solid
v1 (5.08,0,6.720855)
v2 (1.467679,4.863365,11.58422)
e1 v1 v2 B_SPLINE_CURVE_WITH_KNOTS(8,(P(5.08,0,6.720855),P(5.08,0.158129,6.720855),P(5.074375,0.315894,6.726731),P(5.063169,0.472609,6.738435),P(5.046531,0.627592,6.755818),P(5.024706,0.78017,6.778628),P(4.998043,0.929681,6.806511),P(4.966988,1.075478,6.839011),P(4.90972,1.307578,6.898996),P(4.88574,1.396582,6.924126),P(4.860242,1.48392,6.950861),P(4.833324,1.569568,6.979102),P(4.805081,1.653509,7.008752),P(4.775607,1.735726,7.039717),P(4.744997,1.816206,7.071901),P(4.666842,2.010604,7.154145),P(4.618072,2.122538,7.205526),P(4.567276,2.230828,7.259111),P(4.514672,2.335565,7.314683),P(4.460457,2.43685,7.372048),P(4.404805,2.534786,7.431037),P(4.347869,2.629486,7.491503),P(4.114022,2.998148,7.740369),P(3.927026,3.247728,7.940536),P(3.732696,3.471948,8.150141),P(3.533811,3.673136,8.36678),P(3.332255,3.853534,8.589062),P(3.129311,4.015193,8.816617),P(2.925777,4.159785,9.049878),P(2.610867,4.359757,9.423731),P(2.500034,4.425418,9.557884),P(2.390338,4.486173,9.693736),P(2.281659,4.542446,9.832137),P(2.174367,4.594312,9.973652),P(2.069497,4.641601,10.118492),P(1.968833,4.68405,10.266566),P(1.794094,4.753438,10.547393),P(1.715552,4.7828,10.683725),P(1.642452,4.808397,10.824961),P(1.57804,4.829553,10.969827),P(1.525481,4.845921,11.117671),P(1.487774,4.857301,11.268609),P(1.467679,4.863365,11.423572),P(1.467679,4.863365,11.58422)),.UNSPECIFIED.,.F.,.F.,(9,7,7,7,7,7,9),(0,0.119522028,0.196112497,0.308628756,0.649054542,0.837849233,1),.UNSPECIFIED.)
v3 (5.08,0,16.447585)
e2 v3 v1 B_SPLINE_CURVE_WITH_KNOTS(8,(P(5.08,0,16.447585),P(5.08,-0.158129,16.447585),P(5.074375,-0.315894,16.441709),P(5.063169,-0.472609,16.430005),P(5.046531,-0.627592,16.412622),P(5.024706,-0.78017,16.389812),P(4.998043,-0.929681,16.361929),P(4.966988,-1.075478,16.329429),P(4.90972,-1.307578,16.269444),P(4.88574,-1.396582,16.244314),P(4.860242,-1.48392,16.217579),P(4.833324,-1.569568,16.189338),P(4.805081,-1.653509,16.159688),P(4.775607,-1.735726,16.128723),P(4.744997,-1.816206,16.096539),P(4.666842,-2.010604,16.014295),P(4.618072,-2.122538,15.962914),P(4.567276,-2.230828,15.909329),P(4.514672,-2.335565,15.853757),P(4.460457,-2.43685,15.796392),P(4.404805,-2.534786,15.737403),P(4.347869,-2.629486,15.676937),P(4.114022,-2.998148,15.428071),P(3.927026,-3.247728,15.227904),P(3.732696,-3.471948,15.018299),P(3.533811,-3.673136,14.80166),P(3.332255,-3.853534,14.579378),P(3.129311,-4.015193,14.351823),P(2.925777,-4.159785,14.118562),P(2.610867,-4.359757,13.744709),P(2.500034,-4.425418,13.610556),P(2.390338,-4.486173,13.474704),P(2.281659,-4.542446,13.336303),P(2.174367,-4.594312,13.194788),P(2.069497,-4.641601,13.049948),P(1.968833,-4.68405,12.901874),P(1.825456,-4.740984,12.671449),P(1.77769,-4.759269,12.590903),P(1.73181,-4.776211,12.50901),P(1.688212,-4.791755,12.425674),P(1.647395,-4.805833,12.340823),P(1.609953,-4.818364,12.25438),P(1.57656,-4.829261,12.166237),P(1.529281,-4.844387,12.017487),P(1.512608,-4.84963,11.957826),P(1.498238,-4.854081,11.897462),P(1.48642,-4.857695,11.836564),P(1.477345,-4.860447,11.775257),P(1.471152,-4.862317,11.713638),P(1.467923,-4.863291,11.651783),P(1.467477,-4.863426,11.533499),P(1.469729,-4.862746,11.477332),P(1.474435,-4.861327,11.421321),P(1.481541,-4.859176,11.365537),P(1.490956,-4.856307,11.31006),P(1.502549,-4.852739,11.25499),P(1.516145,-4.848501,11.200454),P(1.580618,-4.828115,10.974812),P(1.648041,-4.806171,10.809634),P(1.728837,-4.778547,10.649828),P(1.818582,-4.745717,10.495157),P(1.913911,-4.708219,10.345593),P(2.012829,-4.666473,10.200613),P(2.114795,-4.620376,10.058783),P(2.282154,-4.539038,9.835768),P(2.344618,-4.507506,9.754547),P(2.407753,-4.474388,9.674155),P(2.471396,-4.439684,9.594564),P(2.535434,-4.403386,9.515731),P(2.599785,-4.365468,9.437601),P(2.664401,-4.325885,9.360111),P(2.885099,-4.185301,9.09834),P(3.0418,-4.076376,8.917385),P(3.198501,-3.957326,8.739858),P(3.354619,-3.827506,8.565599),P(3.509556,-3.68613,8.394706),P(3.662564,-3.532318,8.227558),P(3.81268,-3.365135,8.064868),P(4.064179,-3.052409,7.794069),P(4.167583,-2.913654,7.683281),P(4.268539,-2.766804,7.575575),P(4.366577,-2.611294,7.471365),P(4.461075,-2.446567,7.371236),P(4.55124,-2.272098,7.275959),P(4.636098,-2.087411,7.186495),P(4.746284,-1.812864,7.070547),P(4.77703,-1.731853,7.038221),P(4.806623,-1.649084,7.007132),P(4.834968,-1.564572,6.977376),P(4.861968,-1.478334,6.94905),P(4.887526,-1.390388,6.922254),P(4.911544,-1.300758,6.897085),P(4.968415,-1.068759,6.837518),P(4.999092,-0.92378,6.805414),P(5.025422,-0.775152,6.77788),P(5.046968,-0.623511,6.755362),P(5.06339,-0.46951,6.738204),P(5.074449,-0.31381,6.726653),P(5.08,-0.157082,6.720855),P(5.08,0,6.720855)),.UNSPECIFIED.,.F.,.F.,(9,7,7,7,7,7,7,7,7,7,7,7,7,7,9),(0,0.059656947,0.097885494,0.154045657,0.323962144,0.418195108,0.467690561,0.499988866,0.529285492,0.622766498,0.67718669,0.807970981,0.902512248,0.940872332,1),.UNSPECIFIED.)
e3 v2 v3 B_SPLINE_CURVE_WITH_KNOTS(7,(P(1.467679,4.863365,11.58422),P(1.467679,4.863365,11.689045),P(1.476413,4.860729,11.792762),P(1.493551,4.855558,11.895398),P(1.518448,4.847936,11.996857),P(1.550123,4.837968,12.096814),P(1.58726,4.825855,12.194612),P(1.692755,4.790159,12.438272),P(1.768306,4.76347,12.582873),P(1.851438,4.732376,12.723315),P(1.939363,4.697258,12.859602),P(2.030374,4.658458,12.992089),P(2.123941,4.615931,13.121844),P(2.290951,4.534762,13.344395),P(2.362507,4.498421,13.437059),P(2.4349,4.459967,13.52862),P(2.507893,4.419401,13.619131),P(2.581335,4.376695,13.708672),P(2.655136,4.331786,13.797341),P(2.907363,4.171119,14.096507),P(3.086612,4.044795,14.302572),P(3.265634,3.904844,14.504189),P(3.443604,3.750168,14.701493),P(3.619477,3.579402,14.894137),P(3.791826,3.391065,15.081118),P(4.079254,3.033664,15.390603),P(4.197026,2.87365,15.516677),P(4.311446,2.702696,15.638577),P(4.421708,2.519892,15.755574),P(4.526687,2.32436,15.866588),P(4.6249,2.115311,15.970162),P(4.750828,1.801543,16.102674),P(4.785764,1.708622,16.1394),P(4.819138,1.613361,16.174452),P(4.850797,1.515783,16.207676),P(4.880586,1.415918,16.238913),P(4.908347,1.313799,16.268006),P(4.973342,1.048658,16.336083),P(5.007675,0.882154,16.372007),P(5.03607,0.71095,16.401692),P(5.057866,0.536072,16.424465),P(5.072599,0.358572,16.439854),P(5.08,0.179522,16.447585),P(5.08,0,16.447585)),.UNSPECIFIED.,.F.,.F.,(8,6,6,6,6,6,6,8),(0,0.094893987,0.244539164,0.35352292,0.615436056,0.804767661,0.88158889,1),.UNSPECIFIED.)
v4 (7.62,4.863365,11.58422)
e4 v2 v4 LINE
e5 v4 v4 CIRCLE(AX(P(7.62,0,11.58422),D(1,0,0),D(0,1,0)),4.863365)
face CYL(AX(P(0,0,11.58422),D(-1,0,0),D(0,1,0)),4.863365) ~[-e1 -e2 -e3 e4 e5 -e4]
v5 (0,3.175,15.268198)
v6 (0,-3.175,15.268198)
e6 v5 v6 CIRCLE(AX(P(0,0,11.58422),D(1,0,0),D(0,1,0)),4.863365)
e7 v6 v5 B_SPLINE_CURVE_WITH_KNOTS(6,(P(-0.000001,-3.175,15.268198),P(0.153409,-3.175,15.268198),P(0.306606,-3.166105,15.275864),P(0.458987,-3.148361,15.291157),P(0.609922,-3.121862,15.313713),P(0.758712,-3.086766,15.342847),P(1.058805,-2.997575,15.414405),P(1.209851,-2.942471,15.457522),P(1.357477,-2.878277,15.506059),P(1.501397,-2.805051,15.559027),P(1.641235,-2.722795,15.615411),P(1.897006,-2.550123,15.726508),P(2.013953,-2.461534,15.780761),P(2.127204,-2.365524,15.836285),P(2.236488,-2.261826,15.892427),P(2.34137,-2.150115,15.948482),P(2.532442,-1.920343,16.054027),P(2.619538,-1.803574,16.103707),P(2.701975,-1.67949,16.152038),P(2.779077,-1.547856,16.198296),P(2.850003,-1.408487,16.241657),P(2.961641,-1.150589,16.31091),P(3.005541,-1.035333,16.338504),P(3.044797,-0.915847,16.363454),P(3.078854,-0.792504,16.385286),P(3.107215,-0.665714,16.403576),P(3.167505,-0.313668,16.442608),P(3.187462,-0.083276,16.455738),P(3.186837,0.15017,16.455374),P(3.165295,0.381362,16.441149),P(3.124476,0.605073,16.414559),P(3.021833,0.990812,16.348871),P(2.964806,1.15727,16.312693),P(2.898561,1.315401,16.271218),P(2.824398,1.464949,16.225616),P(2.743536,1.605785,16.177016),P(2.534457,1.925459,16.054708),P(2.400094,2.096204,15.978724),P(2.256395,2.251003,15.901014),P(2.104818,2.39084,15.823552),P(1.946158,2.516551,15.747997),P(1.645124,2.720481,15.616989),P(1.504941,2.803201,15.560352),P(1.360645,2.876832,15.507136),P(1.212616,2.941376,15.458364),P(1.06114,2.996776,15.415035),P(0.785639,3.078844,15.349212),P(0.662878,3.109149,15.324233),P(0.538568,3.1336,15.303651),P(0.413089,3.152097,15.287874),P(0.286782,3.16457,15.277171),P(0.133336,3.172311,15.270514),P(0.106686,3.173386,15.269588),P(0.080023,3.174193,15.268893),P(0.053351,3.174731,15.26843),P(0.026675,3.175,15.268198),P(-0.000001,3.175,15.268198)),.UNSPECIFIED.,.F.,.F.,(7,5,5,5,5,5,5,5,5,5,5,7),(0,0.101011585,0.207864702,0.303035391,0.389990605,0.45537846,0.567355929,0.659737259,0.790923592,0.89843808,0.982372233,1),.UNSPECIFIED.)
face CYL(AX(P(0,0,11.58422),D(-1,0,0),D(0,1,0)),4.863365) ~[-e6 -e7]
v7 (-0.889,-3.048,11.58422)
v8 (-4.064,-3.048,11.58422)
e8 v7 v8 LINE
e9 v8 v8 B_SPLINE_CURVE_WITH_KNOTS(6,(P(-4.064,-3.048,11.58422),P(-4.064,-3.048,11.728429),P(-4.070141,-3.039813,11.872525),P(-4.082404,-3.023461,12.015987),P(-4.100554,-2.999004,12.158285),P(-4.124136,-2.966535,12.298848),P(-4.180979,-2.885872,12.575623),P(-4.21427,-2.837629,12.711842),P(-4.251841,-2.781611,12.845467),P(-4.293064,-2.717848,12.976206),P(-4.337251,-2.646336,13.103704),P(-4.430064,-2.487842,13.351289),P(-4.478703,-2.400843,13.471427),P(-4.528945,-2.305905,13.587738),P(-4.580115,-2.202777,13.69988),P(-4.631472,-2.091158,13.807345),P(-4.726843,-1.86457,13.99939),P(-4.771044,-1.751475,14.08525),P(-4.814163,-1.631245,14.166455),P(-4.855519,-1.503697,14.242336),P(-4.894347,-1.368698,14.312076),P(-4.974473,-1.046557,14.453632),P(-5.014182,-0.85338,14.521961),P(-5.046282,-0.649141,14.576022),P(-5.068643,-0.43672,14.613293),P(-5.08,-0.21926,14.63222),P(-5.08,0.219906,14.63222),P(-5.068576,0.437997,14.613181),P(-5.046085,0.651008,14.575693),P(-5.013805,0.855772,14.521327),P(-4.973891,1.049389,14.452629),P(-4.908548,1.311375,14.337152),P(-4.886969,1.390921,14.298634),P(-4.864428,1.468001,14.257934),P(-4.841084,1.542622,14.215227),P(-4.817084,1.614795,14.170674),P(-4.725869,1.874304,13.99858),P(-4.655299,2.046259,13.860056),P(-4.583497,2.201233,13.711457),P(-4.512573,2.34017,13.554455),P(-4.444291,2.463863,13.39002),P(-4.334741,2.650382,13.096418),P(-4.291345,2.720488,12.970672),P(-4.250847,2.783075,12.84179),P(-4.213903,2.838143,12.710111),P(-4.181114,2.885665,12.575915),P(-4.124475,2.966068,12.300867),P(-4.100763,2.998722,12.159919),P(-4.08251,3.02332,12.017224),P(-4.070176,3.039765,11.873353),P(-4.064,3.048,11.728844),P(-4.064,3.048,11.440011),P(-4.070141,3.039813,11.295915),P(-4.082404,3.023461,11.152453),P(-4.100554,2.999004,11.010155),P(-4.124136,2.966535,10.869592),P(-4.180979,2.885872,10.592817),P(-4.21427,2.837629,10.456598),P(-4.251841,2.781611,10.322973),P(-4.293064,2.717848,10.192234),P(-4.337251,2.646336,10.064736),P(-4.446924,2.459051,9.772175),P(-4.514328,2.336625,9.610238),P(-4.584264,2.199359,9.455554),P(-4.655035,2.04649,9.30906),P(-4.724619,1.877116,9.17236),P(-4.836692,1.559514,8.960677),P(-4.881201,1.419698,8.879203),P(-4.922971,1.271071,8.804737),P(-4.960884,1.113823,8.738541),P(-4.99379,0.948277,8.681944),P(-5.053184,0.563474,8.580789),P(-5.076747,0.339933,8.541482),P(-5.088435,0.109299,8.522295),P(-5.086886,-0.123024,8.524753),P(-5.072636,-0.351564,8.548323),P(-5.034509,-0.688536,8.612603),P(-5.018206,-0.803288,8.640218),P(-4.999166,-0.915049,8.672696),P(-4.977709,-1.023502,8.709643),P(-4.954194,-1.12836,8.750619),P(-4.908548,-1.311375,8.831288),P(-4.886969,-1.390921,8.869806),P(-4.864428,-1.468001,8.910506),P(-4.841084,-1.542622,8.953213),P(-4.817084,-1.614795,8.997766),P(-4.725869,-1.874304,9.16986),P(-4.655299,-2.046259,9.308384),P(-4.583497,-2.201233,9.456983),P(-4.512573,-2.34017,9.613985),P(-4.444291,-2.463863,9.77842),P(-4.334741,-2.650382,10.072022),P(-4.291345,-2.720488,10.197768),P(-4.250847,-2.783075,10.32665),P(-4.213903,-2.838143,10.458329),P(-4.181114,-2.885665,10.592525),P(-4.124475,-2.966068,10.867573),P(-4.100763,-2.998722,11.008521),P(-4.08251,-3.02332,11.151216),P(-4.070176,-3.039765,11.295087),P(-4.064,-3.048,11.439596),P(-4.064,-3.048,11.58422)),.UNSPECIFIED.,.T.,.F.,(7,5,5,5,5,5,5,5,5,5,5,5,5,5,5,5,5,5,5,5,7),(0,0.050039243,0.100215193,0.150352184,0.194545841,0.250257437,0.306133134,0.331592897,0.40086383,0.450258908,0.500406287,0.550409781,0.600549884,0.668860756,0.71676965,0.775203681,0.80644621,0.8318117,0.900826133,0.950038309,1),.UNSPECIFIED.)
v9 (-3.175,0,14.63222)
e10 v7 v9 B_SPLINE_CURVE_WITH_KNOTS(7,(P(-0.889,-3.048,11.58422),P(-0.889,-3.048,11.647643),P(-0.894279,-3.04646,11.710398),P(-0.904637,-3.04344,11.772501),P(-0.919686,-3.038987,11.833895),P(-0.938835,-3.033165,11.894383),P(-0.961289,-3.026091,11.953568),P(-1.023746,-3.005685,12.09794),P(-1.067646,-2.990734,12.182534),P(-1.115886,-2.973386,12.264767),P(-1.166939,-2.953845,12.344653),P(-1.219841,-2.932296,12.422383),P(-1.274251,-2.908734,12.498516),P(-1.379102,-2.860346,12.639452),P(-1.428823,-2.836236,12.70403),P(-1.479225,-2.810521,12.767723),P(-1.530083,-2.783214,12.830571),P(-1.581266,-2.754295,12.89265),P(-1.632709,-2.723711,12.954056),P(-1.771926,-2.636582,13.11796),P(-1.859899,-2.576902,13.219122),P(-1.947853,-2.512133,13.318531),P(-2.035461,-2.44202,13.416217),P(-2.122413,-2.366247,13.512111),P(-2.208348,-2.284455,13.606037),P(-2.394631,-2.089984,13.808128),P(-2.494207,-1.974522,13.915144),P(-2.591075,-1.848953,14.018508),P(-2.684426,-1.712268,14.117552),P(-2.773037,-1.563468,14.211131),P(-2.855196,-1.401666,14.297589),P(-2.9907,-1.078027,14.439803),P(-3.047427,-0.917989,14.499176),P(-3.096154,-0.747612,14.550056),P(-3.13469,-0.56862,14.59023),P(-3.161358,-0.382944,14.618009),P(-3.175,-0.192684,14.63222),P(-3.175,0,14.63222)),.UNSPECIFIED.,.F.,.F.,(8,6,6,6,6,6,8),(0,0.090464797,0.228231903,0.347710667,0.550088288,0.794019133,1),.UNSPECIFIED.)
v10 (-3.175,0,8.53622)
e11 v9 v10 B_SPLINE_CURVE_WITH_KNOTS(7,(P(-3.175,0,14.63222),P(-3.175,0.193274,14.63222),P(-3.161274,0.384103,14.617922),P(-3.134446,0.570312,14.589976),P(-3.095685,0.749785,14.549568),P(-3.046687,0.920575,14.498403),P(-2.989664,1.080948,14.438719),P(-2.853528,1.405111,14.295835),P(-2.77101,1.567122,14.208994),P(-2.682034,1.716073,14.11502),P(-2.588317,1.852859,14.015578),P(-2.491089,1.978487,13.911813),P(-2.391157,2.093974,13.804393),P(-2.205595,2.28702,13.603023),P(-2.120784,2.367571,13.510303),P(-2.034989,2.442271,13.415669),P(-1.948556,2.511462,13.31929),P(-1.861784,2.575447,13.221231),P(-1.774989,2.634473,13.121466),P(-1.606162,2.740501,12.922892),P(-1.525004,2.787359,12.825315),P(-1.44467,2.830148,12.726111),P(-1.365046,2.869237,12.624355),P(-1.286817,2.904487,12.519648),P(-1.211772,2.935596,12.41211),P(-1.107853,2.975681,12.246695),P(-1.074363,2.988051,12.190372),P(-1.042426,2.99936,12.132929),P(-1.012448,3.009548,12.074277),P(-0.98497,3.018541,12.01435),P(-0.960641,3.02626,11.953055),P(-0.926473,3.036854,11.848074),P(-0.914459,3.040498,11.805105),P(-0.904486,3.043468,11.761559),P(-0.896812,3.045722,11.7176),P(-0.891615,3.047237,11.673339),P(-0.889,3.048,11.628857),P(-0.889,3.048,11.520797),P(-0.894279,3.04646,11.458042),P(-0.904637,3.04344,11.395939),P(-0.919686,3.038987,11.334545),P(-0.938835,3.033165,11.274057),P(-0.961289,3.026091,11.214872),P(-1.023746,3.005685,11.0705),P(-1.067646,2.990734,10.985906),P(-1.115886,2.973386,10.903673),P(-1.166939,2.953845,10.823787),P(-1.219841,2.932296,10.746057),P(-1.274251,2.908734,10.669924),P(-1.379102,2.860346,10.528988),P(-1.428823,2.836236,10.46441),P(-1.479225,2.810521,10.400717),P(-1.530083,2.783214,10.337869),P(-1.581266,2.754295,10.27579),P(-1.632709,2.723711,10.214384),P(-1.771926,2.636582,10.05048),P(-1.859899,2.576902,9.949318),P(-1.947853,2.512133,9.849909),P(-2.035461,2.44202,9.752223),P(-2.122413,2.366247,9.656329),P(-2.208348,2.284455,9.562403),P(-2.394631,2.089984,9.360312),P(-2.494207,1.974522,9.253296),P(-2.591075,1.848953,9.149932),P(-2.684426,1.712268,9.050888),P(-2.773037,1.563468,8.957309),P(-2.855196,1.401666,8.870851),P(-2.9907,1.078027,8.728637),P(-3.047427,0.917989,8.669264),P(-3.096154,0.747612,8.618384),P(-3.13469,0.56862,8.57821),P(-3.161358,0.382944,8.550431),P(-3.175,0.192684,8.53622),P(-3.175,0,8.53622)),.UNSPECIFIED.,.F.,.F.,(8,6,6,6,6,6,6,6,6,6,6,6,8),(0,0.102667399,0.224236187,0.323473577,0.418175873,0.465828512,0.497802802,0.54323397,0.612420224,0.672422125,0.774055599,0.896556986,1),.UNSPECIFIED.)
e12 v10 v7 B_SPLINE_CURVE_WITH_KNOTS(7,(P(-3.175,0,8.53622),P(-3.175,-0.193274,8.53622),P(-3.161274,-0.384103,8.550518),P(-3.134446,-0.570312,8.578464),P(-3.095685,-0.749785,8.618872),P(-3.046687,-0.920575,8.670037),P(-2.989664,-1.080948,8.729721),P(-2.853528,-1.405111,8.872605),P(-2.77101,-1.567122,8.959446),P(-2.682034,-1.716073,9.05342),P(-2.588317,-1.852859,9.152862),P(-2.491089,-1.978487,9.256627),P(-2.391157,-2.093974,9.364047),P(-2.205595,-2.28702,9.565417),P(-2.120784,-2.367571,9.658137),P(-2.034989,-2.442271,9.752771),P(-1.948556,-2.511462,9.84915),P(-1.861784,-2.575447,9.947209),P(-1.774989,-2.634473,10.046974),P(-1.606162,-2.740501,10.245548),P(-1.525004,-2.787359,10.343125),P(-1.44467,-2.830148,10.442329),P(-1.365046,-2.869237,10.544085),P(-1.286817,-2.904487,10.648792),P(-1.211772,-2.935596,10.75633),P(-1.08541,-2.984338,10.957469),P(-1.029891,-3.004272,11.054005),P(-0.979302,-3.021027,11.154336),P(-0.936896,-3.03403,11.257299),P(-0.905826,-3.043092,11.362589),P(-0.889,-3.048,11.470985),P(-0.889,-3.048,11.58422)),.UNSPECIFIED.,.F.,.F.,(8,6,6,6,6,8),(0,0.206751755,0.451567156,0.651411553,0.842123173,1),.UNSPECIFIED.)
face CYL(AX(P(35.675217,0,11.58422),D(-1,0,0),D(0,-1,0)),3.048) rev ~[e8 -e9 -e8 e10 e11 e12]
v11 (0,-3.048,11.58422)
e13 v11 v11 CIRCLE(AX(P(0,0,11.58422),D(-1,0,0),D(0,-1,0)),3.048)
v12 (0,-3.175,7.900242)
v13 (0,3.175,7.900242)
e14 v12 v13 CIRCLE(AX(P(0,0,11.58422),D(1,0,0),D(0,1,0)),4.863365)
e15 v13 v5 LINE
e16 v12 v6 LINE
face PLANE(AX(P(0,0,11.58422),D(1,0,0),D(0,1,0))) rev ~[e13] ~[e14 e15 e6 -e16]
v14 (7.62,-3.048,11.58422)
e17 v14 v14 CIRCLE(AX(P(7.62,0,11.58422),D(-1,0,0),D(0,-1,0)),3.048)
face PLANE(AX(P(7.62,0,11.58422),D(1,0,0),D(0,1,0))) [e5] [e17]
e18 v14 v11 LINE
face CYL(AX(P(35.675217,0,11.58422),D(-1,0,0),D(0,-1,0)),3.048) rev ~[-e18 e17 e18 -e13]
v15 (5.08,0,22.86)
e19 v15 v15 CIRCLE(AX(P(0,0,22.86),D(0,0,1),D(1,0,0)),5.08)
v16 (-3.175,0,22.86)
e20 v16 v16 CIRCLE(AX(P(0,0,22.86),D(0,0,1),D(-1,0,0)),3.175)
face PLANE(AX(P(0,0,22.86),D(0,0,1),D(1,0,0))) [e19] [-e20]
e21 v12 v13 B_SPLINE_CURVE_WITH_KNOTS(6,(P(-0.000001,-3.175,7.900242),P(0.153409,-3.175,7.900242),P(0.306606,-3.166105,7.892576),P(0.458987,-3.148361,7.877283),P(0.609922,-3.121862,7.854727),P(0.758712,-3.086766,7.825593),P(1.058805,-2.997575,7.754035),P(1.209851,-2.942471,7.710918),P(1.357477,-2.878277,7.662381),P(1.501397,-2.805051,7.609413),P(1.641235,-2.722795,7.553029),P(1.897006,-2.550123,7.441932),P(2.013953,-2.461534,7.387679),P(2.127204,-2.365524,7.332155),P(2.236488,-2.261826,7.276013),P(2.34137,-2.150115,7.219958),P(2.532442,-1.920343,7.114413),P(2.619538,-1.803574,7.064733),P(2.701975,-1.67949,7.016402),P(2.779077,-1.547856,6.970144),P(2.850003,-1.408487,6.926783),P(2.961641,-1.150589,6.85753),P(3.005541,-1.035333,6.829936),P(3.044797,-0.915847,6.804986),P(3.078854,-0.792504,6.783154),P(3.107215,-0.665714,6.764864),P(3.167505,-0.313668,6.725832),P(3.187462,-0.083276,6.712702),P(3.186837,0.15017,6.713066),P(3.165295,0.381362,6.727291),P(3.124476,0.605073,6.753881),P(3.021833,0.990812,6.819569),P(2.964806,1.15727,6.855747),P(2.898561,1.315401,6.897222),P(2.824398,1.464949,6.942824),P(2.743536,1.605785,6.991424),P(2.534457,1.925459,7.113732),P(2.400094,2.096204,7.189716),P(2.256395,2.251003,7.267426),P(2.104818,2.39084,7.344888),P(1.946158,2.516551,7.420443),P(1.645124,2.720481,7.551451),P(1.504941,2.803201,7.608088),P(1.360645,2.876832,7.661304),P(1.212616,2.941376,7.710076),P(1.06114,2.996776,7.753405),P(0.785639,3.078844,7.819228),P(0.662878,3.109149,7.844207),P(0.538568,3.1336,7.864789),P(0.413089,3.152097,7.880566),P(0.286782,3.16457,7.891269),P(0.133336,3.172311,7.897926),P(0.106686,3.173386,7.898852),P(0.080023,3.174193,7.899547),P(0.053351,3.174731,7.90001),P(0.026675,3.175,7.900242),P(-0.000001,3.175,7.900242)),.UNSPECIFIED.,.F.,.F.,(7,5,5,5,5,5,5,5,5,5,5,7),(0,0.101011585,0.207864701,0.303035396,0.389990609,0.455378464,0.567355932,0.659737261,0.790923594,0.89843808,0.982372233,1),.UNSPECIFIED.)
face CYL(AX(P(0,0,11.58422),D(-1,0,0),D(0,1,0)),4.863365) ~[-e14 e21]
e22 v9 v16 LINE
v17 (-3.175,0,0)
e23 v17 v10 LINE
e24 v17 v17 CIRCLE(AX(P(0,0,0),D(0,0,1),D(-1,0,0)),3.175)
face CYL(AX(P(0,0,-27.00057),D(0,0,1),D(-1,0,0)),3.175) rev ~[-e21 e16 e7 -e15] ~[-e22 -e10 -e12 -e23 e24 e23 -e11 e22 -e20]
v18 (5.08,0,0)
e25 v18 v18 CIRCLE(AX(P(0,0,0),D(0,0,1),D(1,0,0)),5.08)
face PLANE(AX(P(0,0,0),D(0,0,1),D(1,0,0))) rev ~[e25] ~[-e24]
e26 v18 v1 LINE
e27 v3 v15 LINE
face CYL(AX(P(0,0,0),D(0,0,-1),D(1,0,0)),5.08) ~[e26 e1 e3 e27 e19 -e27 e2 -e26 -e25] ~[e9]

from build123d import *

# Parameters (mm, degrees)
F0_R     = 5.08
F1_DEPTH = 22.86
F3_D     = 6.35
F4_R     = 4.863365
F5_DEPTH = 7.62
F7_D     = 6.096


with BuildPart() as f1:
    # F0 (on Top) → F1 (new body)
    with BuildSketch(Plane.XY):
        Circle(F0_R)
    extrude(amount=F1_DEPTH)

    # F3 (through all)
    with Locations(Plane(origin=(0, 0, 0), x_dir=(1, 0, 0), z_dir=(0, 0, -1))):
        with Locations((0, 0)):
            Hole(F3_D / 2)

    # F4 (on Right) → F5 (join)
    with BuildSketch(Plane.YZ):
        with Locations((0, 11.58422)):
            Circle(F4_R)
    extrude(amount=F5_DEPTH)

    # F7 (through all)
    with Locations(Plane.YZ.offset(7.62)):
        with Locations((0, 11.58422)):
            Hole(F7_D / 2)


solid = f1.part
